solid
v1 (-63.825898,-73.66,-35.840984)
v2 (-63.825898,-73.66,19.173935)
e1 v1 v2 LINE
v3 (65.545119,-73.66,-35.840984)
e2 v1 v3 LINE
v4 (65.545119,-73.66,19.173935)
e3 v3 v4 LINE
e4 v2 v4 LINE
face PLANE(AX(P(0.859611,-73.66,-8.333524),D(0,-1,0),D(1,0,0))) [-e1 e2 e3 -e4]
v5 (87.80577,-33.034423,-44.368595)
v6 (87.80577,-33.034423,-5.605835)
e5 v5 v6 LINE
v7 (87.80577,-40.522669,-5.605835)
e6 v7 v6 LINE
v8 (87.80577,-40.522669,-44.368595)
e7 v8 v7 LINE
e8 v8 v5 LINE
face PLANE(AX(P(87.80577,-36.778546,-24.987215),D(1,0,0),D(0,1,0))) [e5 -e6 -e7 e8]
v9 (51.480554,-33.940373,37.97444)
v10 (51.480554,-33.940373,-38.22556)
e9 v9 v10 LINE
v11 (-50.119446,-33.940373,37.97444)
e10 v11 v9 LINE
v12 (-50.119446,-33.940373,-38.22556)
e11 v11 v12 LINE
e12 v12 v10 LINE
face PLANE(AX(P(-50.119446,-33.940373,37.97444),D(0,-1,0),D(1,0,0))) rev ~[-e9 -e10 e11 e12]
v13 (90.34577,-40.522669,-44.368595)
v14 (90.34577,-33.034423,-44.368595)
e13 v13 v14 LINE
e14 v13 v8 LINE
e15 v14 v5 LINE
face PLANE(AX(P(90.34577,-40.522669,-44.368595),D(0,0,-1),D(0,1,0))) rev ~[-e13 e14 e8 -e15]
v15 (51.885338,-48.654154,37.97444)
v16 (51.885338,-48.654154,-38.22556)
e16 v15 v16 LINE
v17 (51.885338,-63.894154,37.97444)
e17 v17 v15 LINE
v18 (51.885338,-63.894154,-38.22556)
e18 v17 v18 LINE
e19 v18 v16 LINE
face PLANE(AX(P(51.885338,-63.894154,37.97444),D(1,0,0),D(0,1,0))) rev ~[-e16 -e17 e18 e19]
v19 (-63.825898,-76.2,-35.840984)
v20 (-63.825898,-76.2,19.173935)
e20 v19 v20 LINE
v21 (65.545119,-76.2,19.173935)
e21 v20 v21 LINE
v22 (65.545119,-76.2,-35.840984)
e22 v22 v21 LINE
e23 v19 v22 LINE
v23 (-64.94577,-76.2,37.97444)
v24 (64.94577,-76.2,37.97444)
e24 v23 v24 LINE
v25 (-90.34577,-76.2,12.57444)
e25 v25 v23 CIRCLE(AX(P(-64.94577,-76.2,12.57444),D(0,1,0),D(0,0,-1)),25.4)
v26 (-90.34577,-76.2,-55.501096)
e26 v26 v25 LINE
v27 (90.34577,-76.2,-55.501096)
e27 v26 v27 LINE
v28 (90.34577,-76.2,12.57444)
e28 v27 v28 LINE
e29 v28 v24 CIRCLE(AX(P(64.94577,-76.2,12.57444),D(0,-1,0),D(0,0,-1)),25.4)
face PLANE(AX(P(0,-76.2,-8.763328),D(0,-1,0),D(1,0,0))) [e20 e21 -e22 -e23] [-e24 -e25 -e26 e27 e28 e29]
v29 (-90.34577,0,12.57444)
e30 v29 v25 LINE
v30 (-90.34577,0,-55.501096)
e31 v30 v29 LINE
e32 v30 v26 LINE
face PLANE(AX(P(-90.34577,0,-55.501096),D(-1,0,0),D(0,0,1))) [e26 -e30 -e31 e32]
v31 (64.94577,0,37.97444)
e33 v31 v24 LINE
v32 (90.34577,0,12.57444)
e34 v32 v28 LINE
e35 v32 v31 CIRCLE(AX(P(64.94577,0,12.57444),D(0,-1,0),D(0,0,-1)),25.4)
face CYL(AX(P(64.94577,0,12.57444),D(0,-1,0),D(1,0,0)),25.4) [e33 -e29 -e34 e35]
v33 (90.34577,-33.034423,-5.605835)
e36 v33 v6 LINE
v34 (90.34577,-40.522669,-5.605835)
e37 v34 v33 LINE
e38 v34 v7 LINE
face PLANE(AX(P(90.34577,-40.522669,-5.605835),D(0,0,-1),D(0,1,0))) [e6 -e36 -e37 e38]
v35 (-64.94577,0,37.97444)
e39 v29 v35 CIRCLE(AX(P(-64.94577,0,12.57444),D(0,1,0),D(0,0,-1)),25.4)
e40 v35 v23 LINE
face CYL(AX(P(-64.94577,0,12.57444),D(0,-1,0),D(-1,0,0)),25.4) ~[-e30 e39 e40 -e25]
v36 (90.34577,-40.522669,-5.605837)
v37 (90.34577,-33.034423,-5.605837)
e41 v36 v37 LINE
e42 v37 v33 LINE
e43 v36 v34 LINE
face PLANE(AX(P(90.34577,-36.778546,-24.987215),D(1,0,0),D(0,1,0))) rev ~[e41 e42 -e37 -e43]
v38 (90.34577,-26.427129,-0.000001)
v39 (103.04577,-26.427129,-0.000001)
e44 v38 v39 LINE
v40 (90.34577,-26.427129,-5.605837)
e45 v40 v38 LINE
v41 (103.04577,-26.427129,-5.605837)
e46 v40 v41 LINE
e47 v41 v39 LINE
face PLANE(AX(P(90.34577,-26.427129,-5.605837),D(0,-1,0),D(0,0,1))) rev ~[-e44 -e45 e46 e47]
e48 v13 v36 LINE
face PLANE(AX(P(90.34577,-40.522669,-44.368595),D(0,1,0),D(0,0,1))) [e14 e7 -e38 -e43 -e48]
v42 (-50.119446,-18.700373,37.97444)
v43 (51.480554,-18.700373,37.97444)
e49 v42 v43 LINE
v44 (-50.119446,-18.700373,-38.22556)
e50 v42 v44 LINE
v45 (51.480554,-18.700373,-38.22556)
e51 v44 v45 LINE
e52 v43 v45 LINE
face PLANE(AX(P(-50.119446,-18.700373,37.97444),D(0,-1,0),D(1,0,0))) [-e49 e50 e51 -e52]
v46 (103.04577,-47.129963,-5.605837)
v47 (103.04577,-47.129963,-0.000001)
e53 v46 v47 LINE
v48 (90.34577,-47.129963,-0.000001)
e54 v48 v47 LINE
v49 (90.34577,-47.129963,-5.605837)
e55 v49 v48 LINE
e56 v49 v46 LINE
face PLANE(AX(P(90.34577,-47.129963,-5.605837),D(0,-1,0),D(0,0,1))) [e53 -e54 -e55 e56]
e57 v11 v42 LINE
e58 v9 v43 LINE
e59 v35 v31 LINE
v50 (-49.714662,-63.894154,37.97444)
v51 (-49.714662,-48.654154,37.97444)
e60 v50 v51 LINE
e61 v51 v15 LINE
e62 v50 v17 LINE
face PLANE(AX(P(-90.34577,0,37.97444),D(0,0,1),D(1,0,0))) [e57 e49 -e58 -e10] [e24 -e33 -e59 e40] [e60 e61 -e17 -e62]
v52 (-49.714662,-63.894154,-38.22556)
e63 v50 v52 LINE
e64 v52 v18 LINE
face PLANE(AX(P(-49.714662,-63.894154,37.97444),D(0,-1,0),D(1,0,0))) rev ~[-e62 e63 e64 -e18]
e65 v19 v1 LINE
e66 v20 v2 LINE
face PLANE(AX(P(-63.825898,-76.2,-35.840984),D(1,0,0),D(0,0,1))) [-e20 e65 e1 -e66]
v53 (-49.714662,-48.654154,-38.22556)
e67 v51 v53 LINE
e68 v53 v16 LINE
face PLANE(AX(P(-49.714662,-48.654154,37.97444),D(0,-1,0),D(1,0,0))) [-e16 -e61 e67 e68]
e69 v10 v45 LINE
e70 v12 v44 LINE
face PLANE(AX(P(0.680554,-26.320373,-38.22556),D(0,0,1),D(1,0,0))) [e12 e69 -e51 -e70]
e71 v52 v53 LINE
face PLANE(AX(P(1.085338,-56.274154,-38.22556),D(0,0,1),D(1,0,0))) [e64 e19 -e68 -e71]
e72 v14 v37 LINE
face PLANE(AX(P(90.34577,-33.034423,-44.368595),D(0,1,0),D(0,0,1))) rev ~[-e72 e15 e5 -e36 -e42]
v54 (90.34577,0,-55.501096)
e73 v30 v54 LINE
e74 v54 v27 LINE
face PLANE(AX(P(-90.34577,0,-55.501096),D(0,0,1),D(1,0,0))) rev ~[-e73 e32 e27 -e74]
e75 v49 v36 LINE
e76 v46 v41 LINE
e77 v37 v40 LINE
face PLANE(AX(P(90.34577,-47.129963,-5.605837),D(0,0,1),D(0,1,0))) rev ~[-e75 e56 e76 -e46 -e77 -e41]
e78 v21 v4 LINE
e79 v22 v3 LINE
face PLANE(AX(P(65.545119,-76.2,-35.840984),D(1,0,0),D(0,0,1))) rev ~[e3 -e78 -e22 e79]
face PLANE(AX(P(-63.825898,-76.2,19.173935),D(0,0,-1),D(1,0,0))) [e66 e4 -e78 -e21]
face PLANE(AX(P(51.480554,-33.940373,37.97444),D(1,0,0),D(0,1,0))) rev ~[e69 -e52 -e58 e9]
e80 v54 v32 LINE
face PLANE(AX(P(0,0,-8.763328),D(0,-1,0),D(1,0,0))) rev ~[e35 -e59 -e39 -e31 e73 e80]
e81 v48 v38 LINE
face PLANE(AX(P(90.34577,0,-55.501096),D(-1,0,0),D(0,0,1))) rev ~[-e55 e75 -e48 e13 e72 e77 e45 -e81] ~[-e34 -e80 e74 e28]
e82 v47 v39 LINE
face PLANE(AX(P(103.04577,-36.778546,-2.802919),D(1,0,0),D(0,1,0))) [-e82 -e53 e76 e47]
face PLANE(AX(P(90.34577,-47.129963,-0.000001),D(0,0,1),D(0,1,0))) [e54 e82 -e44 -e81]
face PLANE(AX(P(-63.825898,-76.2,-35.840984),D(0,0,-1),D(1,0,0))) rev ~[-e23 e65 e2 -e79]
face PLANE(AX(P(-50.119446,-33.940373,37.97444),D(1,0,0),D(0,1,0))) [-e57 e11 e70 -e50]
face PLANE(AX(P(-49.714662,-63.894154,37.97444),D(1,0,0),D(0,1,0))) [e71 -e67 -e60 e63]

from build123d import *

# Parameters (mm, degrees)
F0_W      = 180.69154
F0_H      = 93.475536
F1_DEPTH  = 76.2
F2_R      = 25.4
F3_W      = 101.6
F3_H      = 15.24
F4_DEPTH  = 76.2
F5_W      = 129.371017
F5_H      = 55.014919
F6_DEPTH  = 2.54
F7_W      = 20.702834
F7_H      = 5.605837
F8_DEPTH  = 12.7
F9_W      = 7.488246
F9_H      = 38.76276
F10_DEPTH = 2.54


with BuildPart() as f1:
    # F0 (on Front) → F1 (new body)
    with BuildSketch(Plane.XZ):
        with Locations((0, -8.763328)):
            Rectangle(F0_W, F0_H)
    extrude(amount=F1_DEPTH)

    # F2
    f2_edges = [f1.edges().sort_by_distance(p)[0] for p in [
        (90.34577, -38.1, 37.97444),
        (-90.34577, -38.1, 37.97444),
    ]]
    fillet(f2_edges, radius=F2_R)

    # F3 (on face) → F4 (cut)
    with BuildSketch(Plane.XY.offset(37.97444)):
        with Locations((1.085338, -56.274154)):
            Rectangle(F3_W, F3_H)
        with Locations((0.680554, -26.320373)):
            Rectangle(F3_W, F3_H)
    extrude(amount=-F4_DEPTH, mode=Mode.SUBTRACT)

    # F5 (on face) → F6 (cut)
    with BuildSketch(Plane.XZ.offset(76.2)):
        with Locations((0.859611, -8.333524)):
            Rectangle(F5_W, F5_H)
    extrude(amount=-F6_DEPTH, mode=Mode.SUBTRACT)

    # F7 (on face) → F8 (join)
    with BuildSketch(Plane.YZ.offset(90.34577)):
        with Locations((-36.778546, -2.802919)):
            Rectangle(F7_W, F7_H)
    extrude(amount=F8_DEPTH)

    # F9 (on face) → F10 (cut)
    with BuildSketch(Plane.YZ.offset(90.34577)):
        with Locations((-36.778546, -24.987215)):
            Rectangle(F9_W, F9_H)
    extrude(amount=-F10_DEPTH, mode=Mode.SUBTRACT)


solid = f1.part
